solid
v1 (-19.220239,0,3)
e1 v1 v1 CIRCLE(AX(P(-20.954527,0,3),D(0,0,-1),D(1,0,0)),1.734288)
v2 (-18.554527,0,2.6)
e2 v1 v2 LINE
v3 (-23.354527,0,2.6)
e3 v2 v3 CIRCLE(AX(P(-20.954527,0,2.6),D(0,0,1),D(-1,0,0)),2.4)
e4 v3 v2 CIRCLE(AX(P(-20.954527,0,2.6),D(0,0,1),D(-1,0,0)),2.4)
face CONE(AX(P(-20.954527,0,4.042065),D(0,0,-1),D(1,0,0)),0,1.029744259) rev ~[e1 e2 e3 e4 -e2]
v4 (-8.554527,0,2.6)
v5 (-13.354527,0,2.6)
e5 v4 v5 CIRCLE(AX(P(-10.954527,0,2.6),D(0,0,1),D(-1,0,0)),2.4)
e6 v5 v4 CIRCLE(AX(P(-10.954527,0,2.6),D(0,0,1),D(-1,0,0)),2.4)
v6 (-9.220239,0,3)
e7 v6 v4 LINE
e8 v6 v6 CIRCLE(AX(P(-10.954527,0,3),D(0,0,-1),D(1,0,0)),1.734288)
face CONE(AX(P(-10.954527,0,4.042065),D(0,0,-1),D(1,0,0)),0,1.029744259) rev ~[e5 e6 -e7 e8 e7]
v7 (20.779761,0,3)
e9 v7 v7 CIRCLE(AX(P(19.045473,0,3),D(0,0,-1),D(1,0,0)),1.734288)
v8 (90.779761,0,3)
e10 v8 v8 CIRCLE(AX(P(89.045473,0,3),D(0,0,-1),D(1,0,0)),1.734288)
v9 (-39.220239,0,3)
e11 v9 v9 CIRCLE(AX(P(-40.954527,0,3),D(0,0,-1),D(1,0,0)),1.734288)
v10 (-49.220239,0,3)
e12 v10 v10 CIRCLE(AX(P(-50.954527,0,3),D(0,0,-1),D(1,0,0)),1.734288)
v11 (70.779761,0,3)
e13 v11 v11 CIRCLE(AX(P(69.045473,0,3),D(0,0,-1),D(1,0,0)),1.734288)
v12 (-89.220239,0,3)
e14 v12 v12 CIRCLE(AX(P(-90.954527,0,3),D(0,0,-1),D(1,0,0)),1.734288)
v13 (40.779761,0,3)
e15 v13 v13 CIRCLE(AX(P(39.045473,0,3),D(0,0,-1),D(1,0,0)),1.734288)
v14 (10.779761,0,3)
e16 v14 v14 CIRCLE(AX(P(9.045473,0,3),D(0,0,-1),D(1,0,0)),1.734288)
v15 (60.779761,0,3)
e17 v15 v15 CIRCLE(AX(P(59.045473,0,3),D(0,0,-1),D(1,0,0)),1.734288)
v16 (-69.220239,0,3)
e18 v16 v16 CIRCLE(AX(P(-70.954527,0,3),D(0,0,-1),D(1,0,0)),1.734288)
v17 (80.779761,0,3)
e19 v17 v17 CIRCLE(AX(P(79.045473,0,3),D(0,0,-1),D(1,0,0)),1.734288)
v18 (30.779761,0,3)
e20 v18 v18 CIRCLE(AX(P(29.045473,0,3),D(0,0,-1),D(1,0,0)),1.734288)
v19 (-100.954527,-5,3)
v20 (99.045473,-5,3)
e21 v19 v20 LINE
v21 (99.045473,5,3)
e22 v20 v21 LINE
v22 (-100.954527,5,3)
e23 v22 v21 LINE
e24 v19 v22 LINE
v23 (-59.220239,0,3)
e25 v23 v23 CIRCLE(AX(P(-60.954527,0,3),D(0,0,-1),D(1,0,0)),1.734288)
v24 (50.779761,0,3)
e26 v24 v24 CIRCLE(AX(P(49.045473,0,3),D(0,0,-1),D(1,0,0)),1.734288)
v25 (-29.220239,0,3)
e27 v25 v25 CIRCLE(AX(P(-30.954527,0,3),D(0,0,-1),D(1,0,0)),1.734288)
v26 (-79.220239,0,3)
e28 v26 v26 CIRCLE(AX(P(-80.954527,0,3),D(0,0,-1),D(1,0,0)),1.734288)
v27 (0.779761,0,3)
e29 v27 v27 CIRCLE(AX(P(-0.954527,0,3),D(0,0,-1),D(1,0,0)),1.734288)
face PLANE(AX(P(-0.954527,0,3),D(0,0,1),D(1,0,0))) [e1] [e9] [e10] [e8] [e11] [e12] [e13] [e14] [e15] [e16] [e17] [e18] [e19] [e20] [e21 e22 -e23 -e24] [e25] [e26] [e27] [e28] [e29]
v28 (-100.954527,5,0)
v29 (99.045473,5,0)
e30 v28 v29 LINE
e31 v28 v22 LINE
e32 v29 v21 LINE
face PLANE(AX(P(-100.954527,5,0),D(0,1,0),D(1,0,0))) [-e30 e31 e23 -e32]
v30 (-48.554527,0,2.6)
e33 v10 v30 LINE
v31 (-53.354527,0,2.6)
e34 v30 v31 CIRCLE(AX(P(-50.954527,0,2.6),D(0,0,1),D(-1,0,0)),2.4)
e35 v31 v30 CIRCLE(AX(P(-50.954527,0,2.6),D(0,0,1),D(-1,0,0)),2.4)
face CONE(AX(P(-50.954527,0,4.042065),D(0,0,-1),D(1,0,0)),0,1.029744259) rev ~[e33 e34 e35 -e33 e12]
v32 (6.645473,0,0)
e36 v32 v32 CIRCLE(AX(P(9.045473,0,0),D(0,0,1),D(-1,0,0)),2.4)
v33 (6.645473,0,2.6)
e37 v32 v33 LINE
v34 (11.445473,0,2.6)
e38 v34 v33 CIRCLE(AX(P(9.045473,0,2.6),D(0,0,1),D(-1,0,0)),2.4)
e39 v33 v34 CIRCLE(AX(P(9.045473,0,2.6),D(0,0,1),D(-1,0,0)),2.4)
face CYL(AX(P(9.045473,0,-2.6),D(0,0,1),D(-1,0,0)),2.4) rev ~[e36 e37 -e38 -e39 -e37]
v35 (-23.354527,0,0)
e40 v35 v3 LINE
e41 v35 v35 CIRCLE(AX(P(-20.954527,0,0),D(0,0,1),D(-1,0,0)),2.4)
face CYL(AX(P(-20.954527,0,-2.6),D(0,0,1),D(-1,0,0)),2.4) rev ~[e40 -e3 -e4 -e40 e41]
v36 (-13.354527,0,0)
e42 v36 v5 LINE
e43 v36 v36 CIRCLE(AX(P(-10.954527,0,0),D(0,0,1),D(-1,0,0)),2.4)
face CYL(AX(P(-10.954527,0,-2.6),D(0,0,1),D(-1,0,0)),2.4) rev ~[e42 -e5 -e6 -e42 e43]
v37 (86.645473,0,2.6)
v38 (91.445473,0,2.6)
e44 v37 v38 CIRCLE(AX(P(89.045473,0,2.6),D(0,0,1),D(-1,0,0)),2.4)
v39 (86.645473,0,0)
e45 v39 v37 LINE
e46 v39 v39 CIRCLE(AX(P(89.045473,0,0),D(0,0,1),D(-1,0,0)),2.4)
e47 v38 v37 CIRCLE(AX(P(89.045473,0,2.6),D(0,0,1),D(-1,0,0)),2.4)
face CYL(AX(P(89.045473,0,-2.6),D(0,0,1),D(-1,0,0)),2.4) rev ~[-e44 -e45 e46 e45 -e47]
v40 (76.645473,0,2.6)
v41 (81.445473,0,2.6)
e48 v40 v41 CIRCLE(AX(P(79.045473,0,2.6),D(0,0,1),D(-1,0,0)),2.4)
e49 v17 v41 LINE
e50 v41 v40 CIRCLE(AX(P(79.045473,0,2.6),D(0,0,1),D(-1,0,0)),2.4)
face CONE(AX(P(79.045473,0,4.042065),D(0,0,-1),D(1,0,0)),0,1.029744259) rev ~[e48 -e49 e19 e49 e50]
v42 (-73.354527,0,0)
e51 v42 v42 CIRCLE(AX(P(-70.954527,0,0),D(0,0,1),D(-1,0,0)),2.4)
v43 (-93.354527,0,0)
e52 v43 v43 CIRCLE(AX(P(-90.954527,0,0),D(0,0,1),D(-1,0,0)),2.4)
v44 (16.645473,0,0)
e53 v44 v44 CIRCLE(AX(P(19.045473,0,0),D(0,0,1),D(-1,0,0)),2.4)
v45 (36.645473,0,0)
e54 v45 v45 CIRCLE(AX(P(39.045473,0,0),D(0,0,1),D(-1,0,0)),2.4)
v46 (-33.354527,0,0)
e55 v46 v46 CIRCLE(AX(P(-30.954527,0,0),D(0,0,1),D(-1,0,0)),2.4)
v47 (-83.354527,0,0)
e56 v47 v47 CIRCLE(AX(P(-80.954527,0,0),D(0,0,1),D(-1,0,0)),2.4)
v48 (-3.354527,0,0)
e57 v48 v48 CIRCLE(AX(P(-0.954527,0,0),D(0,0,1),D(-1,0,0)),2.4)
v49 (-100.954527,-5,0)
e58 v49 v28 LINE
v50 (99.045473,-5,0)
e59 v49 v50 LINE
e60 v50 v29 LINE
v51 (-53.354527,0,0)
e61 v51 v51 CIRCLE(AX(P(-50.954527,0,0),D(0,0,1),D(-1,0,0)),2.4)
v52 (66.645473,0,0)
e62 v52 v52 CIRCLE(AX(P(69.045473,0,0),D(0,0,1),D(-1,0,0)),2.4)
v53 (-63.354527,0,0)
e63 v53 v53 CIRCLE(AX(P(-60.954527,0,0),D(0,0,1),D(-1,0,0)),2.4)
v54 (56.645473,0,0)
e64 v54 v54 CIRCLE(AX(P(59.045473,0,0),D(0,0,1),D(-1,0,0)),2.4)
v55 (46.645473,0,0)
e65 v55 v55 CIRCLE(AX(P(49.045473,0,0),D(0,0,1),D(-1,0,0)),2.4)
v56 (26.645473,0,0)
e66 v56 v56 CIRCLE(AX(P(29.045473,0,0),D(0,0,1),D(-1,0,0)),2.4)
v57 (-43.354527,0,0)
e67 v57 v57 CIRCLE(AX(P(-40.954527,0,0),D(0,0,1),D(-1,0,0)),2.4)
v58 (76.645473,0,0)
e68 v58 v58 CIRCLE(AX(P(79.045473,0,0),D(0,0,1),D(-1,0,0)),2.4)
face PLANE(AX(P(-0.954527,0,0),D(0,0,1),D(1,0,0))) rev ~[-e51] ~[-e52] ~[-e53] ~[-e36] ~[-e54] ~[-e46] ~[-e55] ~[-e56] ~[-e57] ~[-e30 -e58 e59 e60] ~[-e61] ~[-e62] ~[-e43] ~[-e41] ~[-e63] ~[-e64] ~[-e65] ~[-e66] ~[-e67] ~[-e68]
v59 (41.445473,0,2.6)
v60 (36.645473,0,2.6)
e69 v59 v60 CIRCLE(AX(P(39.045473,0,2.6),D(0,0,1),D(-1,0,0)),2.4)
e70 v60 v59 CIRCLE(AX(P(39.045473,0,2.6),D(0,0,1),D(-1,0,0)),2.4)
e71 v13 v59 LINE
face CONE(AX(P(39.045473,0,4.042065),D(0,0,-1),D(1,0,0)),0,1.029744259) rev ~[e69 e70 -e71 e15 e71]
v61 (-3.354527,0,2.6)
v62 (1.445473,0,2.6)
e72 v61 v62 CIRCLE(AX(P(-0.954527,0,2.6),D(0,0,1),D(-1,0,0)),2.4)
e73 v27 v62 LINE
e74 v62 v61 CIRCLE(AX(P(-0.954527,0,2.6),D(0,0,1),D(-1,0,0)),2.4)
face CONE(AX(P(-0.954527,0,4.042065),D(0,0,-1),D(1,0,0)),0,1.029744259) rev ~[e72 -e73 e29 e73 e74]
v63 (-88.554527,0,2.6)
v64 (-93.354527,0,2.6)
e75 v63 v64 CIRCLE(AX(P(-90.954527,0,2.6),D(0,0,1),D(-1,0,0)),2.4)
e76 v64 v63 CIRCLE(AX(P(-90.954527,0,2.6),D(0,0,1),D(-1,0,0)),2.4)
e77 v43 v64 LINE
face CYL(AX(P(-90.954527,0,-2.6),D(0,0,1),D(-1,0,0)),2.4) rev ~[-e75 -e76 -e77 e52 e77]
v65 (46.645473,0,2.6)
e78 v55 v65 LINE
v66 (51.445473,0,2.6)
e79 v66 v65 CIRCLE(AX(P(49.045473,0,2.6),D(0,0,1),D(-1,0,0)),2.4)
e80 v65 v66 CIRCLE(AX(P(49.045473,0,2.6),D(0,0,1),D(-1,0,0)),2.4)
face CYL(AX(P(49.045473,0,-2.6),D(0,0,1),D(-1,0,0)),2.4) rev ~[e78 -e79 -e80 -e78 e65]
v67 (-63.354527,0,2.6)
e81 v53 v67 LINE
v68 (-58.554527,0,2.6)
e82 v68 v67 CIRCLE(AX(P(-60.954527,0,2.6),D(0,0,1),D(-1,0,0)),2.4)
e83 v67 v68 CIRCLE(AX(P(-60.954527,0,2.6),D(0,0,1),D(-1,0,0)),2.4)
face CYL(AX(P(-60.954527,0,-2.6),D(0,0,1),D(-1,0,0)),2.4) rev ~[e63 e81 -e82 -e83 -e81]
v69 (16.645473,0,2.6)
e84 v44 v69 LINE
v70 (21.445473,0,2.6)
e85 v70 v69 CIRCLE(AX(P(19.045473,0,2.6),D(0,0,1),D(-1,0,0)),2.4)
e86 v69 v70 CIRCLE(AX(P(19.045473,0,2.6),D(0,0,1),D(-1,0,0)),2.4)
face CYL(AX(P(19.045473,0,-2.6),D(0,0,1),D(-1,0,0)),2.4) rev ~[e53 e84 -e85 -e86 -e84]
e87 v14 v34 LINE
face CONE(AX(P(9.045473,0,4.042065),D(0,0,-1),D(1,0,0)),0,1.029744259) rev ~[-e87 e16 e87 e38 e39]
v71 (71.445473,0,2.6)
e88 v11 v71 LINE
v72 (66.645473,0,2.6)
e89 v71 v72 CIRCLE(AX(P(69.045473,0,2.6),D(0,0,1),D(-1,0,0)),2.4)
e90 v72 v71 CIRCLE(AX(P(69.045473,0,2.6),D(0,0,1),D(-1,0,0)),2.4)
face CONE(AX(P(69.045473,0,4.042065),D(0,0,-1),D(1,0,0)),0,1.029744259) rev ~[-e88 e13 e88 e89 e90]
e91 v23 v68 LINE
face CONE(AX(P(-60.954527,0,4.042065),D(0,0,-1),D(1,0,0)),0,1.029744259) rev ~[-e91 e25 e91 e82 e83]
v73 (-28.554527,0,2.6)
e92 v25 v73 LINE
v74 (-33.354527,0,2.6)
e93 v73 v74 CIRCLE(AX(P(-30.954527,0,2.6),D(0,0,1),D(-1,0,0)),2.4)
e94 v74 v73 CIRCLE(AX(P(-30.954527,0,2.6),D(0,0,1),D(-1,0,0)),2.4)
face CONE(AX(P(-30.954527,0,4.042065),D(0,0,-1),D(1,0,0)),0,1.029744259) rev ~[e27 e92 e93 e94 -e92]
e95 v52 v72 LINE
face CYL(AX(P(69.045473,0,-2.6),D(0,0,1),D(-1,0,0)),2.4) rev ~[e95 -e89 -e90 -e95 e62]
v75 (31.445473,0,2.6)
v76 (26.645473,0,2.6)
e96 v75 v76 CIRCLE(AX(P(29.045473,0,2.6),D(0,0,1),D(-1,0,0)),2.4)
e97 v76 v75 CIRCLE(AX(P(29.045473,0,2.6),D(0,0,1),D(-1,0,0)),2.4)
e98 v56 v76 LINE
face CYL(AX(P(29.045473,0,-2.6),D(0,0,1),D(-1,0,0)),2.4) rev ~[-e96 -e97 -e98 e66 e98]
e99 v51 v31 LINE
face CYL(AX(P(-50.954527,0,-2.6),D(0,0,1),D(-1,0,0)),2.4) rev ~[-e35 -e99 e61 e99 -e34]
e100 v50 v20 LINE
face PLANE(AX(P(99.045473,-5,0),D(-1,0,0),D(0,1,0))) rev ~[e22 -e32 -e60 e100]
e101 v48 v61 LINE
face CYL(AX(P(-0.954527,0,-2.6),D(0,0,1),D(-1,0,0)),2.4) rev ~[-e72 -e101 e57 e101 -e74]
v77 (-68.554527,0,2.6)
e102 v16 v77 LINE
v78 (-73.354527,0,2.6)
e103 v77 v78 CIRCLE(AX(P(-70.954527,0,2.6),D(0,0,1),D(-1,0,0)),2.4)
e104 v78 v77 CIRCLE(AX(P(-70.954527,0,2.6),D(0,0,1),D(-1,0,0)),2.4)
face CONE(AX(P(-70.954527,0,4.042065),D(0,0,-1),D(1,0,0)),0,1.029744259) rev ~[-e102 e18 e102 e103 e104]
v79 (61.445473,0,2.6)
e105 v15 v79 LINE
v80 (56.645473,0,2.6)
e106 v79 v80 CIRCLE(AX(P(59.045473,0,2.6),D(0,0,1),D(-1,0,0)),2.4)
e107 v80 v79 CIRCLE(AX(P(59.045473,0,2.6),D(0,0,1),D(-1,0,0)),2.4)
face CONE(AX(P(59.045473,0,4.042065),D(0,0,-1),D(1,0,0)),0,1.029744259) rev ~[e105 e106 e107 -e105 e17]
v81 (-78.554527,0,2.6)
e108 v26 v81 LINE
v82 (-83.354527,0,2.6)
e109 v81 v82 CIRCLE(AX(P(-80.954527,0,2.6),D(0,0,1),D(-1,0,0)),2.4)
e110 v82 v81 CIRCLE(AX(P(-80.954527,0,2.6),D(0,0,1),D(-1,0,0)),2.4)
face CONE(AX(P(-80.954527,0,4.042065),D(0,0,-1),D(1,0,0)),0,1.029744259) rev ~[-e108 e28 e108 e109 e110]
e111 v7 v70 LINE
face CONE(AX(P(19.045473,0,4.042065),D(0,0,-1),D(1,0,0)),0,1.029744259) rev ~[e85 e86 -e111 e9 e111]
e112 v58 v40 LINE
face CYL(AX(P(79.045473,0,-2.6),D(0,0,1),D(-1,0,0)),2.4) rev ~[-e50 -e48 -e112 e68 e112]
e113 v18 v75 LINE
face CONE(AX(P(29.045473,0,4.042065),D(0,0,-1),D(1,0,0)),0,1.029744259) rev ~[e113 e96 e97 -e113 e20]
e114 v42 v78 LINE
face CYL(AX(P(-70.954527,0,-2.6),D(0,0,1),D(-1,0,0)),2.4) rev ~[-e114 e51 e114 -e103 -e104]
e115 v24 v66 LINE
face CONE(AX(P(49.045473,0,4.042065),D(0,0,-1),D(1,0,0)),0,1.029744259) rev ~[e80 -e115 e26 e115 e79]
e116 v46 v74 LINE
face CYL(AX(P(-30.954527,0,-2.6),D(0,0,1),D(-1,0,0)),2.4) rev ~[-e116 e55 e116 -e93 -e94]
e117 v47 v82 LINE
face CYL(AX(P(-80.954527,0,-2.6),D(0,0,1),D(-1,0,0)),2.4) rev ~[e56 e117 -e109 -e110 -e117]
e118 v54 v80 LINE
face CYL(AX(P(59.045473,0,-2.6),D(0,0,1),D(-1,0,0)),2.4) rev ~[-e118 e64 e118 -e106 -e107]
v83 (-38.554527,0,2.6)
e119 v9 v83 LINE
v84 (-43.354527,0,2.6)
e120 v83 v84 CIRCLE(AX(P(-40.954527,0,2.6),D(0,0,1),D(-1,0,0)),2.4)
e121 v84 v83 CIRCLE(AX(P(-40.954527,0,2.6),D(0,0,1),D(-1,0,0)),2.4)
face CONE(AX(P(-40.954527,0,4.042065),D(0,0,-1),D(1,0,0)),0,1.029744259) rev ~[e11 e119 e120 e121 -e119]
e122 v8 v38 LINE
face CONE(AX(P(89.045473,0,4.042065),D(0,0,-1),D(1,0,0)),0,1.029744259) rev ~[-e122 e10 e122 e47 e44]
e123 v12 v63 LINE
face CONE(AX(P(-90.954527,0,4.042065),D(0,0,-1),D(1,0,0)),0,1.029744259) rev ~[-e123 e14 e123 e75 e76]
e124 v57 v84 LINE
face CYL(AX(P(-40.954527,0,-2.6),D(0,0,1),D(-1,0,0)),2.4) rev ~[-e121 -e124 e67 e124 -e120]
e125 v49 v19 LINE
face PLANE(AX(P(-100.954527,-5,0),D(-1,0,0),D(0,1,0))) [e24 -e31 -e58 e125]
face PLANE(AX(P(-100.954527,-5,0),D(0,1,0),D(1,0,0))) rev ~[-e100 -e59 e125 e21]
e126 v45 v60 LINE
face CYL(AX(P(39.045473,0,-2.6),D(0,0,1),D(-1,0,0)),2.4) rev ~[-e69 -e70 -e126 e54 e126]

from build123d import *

# Parameters (mm, degrees)
F0_W     = 200
F0_H     = 10
F1_DEPTH = 3
F2_D     = 4.8
F2_DEPTH = 2.6
F2_TIP   = 1.4420654857


with BuildPart() as f1:
    # F0 (on Top) → F1 (new body)
    with BuildSketch(Plane.XY):
        with Locations((-0.9545272589, 0)):
            Rectangle(F0_W, F0_H)
    extrude(amount=F1_DEPTH)

    # F2
    with Locations(Plane(origin=(0, 0, 0), x_dir=(1, 0, 0), z_dir=(0, 0, -1))):
        with Locations((-90.9545272589, 0), (-80.9545272589, 0), (-70.9545272589, 0), (-60.9545272589, 0), (-50.9545272589, 0), (-40.9545272589, 0), (-30.9545272589, 0), (-20.9545272589, 0), (-10.9545272589, 0), (-0.9545272589, 0), (9.0454727411, 0), (19.0454727411, 0), (29.0454727411, 0), (39.0454727411, 0), (49.0454727411, 0), (59.0454727411, 0), (69.0454727411, 0), (79.0454727411, 0), (89.0454727411, 0)):
            Hole(F2_D / 2, depth=F2_DEPTH)
            with Locations((0, 0, -(F2_DEPTH + F2_TIP / 2))):  # 118° drill point
                Cone(0, F2_D / 2, F2_TIP, mode=Mode.SUBTRACT)


solid = f1.part
